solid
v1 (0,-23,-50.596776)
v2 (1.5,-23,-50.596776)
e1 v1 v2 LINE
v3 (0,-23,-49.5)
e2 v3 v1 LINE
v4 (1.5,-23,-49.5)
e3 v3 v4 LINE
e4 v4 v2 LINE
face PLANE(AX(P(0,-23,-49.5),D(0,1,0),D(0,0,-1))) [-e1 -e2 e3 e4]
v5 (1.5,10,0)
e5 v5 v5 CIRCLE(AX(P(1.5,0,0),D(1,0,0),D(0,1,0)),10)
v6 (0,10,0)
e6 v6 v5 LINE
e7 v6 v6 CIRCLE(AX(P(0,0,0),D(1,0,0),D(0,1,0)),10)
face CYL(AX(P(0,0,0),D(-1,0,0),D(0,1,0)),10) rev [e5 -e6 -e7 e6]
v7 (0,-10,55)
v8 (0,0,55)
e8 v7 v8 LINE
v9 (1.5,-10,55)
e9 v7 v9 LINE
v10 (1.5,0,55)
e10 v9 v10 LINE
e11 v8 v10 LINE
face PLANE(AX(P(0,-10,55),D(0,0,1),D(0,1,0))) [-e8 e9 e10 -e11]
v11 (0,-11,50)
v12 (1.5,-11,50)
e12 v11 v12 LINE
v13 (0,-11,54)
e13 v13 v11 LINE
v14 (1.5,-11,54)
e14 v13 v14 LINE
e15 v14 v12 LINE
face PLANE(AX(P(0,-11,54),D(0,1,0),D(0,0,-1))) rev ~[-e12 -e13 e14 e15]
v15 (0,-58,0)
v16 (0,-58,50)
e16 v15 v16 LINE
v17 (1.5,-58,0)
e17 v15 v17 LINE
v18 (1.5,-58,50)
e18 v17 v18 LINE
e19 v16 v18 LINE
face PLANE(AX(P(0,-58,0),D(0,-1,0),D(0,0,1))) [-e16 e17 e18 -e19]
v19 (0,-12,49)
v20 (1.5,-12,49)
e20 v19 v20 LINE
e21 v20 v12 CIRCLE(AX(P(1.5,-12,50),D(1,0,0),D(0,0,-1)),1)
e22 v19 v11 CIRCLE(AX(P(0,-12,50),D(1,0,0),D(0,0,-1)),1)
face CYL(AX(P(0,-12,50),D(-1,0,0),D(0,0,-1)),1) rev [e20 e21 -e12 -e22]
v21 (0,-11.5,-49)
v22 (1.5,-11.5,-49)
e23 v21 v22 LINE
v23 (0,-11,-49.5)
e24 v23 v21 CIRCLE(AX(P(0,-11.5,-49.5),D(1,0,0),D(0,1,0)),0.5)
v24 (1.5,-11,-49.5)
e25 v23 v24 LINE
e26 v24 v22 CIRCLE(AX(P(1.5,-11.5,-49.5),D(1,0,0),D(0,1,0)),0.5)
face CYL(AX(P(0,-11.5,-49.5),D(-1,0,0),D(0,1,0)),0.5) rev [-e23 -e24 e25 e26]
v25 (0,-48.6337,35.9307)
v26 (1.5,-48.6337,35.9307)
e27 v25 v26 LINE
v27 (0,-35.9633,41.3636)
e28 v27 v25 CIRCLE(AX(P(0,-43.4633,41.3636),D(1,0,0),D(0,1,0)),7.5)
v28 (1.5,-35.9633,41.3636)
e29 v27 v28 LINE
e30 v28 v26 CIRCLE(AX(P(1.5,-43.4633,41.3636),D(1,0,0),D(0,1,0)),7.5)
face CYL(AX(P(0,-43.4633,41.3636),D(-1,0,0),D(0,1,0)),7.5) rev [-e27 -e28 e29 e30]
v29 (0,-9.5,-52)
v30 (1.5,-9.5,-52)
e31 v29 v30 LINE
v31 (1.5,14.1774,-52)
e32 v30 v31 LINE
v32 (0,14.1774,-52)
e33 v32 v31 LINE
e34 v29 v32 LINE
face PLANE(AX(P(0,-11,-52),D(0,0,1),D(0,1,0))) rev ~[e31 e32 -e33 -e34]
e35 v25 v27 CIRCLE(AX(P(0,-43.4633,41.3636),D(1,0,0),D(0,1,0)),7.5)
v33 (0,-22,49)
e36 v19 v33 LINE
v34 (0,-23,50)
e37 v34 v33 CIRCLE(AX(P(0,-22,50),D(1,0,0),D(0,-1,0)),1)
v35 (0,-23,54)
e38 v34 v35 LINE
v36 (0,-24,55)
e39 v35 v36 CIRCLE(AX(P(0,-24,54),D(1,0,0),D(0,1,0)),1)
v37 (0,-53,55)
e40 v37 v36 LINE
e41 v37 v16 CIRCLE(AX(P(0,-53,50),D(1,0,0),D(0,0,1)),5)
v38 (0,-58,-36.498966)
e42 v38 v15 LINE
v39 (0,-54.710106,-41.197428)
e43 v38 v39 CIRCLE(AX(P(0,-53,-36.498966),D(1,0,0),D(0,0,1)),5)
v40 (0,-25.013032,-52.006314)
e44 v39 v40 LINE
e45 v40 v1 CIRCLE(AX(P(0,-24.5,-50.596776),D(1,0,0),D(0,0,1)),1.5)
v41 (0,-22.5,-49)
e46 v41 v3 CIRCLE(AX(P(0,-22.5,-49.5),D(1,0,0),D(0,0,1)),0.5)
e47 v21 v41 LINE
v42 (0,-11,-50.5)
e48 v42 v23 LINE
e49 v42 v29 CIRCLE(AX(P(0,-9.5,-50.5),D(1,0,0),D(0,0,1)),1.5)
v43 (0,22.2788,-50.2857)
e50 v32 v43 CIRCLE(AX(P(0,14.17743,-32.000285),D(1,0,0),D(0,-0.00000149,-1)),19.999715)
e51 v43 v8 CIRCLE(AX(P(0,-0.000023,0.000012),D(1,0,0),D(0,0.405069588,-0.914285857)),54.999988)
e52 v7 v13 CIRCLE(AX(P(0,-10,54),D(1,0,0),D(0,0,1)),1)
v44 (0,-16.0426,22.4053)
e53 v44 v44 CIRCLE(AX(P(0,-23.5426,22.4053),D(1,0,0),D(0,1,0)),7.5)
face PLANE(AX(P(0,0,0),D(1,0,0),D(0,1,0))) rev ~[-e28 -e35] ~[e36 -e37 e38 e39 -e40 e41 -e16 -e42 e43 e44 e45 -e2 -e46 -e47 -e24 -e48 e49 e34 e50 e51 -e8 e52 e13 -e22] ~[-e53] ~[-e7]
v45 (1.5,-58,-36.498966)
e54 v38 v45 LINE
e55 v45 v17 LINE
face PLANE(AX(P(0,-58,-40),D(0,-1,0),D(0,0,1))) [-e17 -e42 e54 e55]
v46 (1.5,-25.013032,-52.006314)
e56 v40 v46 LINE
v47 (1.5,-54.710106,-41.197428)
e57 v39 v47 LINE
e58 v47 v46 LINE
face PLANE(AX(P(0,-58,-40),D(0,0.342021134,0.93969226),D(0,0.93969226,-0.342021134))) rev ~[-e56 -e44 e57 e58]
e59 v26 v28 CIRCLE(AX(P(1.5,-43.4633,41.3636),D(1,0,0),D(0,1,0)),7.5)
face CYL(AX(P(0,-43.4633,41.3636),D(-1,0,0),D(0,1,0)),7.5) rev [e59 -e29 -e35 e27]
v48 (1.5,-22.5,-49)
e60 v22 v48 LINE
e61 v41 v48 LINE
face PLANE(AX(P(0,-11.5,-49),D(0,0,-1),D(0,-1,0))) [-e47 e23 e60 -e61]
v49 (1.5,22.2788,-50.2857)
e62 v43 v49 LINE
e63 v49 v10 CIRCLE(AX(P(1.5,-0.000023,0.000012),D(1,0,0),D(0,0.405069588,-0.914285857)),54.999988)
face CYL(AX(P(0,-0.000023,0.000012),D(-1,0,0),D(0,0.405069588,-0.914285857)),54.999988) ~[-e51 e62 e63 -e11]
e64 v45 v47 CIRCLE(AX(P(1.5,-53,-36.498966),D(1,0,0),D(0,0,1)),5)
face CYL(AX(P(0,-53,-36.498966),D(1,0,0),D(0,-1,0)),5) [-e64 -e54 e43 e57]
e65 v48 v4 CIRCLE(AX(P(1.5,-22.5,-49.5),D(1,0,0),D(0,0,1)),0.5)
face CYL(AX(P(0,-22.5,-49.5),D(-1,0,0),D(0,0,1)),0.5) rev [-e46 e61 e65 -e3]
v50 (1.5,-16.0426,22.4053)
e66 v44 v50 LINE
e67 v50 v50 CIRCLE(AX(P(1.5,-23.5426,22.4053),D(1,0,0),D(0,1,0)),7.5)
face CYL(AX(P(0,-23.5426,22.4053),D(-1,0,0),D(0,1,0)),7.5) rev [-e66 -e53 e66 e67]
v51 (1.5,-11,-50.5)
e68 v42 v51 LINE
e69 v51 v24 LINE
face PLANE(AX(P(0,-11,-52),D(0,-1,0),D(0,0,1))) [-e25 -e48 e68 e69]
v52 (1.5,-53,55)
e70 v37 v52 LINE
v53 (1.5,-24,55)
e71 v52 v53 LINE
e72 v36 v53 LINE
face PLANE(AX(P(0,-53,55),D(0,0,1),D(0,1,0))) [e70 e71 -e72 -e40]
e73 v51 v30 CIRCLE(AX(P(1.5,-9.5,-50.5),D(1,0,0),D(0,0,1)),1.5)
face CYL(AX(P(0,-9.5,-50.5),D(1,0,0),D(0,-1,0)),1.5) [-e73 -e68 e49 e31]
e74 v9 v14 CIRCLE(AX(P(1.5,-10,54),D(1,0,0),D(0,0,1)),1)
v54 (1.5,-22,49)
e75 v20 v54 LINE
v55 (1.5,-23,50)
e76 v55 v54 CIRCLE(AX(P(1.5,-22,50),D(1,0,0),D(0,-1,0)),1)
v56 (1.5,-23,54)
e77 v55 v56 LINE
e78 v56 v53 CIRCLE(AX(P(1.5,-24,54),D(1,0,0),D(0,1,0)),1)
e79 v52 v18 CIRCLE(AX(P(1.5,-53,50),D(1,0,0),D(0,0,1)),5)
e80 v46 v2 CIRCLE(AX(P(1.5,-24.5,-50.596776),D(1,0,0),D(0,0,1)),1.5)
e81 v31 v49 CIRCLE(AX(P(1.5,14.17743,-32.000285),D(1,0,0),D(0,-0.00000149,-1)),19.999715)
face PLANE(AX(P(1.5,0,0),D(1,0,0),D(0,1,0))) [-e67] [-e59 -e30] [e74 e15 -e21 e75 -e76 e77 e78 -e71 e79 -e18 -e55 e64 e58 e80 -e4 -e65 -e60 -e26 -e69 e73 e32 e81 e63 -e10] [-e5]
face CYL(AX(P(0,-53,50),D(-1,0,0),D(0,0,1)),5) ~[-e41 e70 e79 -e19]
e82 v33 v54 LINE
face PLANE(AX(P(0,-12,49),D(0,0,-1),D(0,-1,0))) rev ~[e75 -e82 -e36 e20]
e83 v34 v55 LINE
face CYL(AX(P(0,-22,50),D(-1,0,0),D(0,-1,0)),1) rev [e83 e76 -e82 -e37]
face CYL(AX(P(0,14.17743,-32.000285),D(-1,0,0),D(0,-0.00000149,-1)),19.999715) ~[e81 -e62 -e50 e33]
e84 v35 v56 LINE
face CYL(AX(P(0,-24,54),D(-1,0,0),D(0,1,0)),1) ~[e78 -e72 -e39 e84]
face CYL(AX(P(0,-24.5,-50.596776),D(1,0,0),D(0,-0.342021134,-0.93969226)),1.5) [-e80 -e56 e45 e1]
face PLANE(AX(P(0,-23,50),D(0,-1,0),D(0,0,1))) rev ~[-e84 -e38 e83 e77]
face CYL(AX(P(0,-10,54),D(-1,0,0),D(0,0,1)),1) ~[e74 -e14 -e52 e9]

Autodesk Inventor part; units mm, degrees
ref_plane "YZ Plane" through (0, 0, 0) normal (1, 0, 0) x (0, 1, 0)
ref_plane "XZ Plane" through (0, 0, 0) normal (0, 1, 0) x (-1, 0, 0)
ref_plane "XY Plane" through (0, 0, 0) normal (0, 0, 1) x (1, 0, 0)
sketch "Sketch1" plane through (0, 0, 0) normal (1, 0, 0) x (0, 1, 0)
  line L0 (-58, -40) -> (-58, 50)
  line L1 (0, 0) -> (-57.3223, 54.5531) construction
  circle A0 centre (-23.5426, 22.4053) radius 7.5
  circle A1 centre (0, 0) radius 47 construction
  circle A2 centre (-43.4633, 41.3636) radius 7.5
  circle A3 centre (0, 0) radius 10
  line L2 (-11, -52) -> (14.1774, -52)
  line L3 (-58, 0) -> (-58, -40)
  line L4 (0, 0) -> (0, -52) construction
  line L5 (-58, -40) -> (-23, -52.739)
  circle A4 centre (0, 0) radius 50 construction
  arc A5 (22.2788, -50.2857) -> (0, 55) centre (0, 0) ccw
  line L6 (-43.4633, 41.3636) -> (-48.6337, 35.9307)
  arc A6 (-53, 55) -> (-58, 50) centre (-53, 50) ccw
  line L7 (-11, 54) -> (-11, 50)
  line L8 (-12, 49) -> (-22, 49)
  line L9 (-23, 50) -> (-23, 54)
  line L10 (-53, 55) -> (-24, 55)
  line L11 (-10, 55) -> (0, 55)
  arc A7 (-23, 54) -> (-24, 55) centre (-24, 54) ccw
  arc A8 (-10, 55) -> (-11, 54) centre (-10, 54) ccw
  arc A9 (-12, 49) -> (-11, 50) centre (-12, 50) ccw
  arc A10 (-23, 50) -> (-22, 49) centre (-22, 50) ccw
  arc A11 (14.1774, -52) -> (22.2788, -50.2857) centre (14.1774, -32) ccw
  line L12 (-23, -49.5) -> (-23, -52.739)
  line L13 (-11, -52) -> (-11, -49.5)
  line L14 (-11.5, -49) -> (-22.5, -49)
  arc A12 (-11, -49.5) -> (-11.5, -49) centre (-11.5, -49.5) ccw
  arc A13 (-22.5, -49) -> (-23, -49.5) centre (-22.5, -49.5) ccw
  point P0 (-28.9755, 27.5757)
  point P1 (-57.7919, 55)
  point P2 (-58, 55)
  point P3 (-25.2108, 39.6663)
  point P4 (17.9165, -52)
  point P5 (-23, 55)
  point P6 (-11, 52)
  dimension "d4" = 94
  dimension "d6" = 15
  dimension "d7" = 15
  dimension "d3" = 32.5
  dimension "d8" = 60
  dimension "d9" = 20
  dimension "d13" = 52
  dimension "d20" = 100
  dimension "d31" = 55
  dimension "d34" = 58
  dimension "d52" = 5
  dimension "d54" = 47
  dimension "d56" = 1
  dimension "d59" = 20
  dimension "d60" = 12
  dimension "d61" = 6
  dimension "d65" = 0.5
  dimension "d69" = 95
  dimension "d72" = 110
  dimension "d73" = 3
  dimension "d74" = 12
extrude "Extrusion3" add sketch "Sketch1" along normal blind 1.5
fillet "Fillet1" radius 5 1 edges at (0.75, -58, -40)
fillet "Fillet2" radius 1.5 2 edges at (0.75, -23, -52.739) (0.75, -11, -52)
properties part number "InnerFlange27130914"
